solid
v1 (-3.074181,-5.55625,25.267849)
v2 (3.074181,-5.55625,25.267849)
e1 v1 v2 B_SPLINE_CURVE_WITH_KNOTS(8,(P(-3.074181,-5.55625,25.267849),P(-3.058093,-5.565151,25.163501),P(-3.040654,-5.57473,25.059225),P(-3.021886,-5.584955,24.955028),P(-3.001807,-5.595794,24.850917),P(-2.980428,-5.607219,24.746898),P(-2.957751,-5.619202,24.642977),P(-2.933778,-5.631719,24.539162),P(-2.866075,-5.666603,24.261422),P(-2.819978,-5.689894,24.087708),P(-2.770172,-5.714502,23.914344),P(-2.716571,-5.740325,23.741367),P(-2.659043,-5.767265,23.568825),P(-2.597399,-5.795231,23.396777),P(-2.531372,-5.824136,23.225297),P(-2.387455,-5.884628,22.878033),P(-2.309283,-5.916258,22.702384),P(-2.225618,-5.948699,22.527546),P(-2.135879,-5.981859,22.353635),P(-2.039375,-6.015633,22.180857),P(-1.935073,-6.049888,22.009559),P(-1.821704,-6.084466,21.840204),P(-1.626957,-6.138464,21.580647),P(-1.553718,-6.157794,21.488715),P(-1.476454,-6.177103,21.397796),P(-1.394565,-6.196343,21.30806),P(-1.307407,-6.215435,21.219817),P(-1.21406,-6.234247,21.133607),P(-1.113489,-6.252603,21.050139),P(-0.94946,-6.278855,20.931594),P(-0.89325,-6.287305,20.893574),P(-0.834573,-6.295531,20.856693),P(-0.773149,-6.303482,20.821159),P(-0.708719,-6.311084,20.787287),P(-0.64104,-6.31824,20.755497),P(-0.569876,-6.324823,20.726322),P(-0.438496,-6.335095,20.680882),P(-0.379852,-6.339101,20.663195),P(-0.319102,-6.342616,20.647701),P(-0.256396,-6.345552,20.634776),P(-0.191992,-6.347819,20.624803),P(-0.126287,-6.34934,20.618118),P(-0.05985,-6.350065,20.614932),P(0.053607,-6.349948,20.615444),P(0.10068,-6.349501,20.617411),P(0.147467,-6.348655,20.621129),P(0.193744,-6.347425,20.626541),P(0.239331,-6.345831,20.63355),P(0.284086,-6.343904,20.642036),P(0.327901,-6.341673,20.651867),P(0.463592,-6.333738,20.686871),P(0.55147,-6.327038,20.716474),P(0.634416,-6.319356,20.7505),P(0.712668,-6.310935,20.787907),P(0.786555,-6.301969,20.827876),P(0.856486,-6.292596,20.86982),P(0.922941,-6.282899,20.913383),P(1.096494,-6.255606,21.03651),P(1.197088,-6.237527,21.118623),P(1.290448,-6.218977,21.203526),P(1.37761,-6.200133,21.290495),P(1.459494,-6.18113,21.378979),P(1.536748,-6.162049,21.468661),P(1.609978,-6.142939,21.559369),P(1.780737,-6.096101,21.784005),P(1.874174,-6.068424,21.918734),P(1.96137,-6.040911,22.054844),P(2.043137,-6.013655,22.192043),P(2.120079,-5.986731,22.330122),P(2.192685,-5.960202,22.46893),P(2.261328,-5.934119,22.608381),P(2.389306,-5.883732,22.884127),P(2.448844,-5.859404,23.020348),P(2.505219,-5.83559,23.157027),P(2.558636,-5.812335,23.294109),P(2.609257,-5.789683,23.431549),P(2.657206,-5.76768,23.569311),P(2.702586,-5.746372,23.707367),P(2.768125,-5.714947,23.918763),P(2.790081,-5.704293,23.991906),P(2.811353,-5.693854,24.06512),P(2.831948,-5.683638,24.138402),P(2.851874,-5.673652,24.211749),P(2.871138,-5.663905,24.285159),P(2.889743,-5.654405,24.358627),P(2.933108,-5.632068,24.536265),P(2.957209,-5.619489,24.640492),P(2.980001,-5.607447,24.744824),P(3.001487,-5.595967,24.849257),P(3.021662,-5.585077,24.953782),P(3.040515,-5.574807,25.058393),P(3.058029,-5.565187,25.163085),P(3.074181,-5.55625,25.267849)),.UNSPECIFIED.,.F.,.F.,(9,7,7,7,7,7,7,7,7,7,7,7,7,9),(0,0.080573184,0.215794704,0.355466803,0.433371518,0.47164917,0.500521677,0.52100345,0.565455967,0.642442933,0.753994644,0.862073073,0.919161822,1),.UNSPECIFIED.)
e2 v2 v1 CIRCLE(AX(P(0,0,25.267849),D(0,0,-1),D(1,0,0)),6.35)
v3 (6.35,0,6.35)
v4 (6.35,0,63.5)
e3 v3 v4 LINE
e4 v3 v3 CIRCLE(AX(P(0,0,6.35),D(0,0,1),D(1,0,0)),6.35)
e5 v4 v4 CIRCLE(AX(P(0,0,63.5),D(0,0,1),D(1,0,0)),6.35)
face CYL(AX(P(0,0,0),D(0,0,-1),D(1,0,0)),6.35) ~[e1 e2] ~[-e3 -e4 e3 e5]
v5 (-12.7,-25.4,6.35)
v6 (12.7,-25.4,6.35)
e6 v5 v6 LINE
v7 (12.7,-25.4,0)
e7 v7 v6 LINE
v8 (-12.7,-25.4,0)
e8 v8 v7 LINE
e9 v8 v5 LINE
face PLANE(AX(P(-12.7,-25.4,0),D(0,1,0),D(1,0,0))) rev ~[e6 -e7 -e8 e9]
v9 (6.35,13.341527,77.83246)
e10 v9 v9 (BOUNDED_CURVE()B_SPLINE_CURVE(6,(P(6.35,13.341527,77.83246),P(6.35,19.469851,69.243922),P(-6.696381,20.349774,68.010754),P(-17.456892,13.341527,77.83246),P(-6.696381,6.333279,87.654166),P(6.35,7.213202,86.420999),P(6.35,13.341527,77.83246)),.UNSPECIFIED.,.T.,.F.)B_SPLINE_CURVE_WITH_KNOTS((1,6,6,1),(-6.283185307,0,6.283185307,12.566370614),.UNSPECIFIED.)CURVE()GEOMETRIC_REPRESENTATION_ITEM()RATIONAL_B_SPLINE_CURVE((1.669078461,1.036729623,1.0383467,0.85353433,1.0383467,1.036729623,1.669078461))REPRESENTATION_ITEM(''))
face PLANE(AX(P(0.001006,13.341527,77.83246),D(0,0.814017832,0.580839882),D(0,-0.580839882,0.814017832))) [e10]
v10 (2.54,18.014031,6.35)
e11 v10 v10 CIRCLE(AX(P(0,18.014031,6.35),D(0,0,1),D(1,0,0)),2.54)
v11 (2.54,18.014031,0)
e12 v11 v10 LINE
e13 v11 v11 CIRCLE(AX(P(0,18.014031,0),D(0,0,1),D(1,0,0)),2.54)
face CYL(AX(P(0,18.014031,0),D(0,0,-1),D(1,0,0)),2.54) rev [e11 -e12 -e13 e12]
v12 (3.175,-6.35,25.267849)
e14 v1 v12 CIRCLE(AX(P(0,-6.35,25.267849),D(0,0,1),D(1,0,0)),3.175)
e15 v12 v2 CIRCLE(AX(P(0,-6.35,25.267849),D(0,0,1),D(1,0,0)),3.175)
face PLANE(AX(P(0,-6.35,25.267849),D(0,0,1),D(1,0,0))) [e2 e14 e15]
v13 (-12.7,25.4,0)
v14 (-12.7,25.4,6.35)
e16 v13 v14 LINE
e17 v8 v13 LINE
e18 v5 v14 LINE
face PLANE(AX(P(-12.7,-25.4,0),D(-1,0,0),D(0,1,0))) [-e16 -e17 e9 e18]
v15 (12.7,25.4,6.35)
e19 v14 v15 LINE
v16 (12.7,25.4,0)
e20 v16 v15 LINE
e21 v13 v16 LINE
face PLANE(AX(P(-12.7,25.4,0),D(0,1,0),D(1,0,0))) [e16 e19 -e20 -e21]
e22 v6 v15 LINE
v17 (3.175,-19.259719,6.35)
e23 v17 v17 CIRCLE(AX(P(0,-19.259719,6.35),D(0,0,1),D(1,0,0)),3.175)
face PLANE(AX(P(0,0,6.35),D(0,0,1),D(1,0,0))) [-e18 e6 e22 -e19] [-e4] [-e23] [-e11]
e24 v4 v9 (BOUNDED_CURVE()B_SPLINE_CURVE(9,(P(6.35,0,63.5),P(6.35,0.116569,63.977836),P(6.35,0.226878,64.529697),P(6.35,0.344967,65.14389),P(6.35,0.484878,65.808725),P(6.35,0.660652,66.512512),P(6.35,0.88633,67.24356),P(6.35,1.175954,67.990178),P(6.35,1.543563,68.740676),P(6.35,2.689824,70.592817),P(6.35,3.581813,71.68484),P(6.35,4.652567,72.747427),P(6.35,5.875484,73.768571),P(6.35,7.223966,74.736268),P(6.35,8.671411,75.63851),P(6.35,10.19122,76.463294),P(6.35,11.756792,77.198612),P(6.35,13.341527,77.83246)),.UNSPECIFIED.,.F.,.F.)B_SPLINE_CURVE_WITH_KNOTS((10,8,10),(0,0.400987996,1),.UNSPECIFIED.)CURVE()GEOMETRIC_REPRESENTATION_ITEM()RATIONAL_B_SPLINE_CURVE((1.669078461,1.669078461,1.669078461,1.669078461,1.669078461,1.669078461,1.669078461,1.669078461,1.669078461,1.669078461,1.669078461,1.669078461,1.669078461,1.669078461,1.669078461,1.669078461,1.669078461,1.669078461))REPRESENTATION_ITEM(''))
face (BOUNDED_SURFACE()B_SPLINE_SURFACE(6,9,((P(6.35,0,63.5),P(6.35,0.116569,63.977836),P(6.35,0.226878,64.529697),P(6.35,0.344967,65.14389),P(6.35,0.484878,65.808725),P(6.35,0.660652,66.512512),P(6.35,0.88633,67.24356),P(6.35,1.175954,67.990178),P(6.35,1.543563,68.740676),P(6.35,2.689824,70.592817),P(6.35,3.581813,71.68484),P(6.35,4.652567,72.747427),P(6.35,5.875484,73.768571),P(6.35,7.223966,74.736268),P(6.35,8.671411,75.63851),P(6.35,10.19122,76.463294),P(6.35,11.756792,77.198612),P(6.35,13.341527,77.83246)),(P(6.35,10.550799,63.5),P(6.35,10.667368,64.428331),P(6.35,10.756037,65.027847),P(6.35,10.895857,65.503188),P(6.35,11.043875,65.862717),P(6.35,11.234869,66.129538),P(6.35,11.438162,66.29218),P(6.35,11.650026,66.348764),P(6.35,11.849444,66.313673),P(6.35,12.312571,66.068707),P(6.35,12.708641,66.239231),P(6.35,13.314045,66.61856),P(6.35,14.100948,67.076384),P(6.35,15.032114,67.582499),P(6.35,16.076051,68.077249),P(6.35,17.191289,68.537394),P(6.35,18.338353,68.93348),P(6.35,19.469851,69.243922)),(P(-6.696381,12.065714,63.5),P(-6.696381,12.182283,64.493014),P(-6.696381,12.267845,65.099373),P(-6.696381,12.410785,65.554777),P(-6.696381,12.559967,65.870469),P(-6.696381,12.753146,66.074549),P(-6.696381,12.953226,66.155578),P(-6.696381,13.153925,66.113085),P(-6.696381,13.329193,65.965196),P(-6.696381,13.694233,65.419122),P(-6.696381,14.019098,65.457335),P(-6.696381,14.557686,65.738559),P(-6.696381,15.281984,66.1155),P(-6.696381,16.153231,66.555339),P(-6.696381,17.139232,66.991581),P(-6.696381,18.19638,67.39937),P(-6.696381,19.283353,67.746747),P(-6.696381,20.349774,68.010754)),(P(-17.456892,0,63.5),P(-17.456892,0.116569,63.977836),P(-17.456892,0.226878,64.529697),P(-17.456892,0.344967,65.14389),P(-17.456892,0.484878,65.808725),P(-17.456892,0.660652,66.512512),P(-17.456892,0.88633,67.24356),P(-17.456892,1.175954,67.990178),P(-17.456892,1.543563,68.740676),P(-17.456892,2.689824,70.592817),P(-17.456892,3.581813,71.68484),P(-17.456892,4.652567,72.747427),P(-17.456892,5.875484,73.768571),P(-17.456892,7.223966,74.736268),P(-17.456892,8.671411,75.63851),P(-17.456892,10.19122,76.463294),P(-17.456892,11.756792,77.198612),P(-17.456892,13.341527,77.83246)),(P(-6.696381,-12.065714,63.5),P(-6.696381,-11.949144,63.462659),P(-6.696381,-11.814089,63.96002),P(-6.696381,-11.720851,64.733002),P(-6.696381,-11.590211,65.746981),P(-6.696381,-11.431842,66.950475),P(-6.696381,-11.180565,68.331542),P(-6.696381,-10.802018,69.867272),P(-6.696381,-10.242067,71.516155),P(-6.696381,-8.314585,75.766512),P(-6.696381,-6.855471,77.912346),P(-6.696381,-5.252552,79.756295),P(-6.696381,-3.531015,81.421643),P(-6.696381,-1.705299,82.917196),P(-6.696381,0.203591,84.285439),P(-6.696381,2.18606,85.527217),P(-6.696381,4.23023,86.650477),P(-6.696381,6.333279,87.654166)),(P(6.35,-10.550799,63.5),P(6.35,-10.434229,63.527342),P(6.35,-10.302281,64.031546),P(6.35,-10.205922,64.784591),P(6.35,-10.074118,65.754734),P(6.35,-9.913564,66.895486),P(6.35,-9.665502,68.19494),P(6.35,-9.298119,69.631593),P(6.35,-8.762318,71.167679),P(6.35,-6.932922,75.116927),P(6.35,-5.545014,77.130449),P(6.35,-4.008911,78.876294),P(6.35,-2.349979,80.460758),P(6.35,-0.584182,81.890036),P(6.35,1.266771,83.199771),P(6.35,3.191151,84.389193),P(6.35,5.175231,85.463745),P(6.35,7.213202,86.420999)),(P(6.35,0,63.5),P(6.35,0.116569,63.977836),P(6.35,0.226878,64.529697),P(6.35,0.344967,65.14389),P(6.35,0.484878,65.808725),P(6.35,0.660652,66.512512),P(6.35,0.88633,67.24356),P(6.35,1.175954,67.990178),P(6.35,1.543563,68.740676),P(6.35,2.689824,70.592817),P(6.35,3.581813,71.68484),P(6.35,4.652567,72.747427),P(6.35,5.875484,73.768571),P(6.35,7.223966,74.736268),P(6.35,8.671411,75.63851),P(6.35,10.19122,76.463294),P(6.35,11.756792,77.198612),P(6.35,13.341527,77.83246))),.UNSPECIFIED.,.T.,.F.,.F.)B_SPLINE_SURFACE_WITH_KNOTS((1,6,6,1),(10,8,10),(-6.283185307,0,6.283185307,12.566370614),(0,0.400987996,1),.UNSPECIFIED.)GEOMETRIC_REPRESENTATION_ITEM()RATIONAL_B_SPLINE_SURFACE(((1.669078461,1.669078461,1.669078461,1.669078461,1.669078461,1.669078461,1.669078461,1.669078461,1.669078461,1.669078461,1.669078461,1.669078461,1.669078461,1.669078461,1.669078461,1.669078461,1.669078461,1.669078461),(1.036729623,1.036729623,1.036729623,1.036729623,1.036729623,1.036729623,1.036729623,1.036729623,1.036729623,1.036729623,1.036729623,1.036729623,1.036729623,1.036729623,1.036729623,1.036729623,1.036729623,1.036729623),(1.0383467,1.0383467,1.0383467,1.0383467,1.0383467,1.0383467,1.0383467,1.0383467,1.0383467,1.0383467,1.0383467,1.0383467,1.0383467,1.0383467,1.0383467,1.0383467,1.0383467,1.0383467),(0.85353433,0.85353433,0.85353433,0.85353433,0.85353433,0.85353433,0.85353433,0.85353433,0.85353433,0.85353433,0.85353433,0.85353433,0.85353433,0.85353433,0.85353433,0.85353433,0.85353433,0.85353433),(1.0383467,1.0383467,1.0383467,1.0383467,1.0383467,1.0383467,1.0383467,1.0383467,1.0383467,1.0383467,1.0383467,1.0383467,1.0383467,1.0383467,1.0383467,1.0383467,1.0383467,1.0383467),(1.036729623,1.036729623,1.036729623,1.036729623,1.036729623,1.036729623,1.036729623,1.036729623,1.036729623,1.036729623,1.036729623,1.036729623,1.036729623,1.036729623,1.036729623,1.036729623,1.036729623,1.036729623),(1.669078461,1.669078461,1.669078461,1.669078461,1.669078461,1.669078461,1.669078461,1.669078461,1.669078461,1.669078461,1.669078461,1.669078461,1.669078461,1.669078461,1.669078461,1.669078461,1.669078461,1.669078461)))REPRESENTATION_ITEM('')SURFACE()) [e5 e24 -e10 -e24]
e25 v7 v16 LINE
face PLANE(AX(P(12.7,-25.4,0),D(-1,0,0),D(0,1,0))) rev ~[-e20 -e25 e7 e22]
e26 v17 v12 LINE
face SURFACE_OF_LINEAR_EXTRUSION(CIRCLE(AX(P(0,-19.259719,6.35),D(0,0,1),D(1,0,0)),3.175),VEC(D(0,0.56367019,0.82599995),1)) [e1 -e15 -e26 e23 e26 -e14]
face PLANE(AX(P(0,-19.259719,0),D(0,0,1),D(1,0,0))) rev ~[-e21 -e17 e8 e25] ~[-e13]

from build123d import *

# Parameters (mm, degrees)
F0_W      = 25.4
F0_H      = 50.8
F0_R      = 3.175
F0_R_2    = 6.35
F0_R_3    = 2.54
F1_DEPTH  = 6.35
F2_DEPTH  = 63.5
F4_DEPTH  = 6.35
F2_FACE_R = 6.35
F6_R      = 3.175


with BuildPart() as f1:
    # F0 (on Top) → F1 (new body)
    with BuildSketch(Plane.XY):
        Rectangle(F0_W, F0_H)
        with Locations((0, -19.2597191781)):
            Circle(F0_R, mode=Mode.SUBTRACT)
        Circle(F0_R_2, mode=Mode.SUBTRACT)
        with Locations((0, 18.014030531)):
            Circle(F0_R_3, mode=Mode.SUBTRACT)
    extrude(amount=F1_DEPTH)

    # F0 (on Top) → F2 (join)
    with BuildSketch(Plane.XY):
        Circle(F0_R_2)
    extrude(amount=F2_DEPTH)

    # F0 (on Top) → F4 (join, through all)
    with BuildSketch(Plane.XY):
        with Locations((0, -19.2597191781)):
            Circle(F0_R)
    extrude(amount=F4_DEPTH)

    # F5: sweep along a path in F3
    with BuildLine(Plane.YZ) as f5_path:
        add(Plane.YZ * Edge.make_bspline(
            [(0, 63.5), (0.3497077138, 64.9335091592), (1.0344697619, 70.7236922928), (8.5873221979, 75.9309157729), (13.3415265009, 77.8324604034)],
            knots=[0, 0, 0, 0, 0.400987996, 1, 1, 1, 1], degree=3))
    # F2_face (on face) → F5 (sweep)
    with BuildSketch(Plane.XY.offset(63.5)):
        Circle(F2_FACE_R)
    sweep(path=f5_path.line)

    # F7: sweep along a path in F3
    with BuildLine(Plane.YZ) as f7_path:
        Line((-19.2597191781, 6.35), (-6.35, 25.267848745))
    # F6 (on face) → F7 (sweep)
    with BuildSketch(Plane.XY.offset(6.35)):
        with Locations((0, -19.2597191781)):
            Circle(F6_R)
    sweep(path=f7_path.line)


solid = f1.part
